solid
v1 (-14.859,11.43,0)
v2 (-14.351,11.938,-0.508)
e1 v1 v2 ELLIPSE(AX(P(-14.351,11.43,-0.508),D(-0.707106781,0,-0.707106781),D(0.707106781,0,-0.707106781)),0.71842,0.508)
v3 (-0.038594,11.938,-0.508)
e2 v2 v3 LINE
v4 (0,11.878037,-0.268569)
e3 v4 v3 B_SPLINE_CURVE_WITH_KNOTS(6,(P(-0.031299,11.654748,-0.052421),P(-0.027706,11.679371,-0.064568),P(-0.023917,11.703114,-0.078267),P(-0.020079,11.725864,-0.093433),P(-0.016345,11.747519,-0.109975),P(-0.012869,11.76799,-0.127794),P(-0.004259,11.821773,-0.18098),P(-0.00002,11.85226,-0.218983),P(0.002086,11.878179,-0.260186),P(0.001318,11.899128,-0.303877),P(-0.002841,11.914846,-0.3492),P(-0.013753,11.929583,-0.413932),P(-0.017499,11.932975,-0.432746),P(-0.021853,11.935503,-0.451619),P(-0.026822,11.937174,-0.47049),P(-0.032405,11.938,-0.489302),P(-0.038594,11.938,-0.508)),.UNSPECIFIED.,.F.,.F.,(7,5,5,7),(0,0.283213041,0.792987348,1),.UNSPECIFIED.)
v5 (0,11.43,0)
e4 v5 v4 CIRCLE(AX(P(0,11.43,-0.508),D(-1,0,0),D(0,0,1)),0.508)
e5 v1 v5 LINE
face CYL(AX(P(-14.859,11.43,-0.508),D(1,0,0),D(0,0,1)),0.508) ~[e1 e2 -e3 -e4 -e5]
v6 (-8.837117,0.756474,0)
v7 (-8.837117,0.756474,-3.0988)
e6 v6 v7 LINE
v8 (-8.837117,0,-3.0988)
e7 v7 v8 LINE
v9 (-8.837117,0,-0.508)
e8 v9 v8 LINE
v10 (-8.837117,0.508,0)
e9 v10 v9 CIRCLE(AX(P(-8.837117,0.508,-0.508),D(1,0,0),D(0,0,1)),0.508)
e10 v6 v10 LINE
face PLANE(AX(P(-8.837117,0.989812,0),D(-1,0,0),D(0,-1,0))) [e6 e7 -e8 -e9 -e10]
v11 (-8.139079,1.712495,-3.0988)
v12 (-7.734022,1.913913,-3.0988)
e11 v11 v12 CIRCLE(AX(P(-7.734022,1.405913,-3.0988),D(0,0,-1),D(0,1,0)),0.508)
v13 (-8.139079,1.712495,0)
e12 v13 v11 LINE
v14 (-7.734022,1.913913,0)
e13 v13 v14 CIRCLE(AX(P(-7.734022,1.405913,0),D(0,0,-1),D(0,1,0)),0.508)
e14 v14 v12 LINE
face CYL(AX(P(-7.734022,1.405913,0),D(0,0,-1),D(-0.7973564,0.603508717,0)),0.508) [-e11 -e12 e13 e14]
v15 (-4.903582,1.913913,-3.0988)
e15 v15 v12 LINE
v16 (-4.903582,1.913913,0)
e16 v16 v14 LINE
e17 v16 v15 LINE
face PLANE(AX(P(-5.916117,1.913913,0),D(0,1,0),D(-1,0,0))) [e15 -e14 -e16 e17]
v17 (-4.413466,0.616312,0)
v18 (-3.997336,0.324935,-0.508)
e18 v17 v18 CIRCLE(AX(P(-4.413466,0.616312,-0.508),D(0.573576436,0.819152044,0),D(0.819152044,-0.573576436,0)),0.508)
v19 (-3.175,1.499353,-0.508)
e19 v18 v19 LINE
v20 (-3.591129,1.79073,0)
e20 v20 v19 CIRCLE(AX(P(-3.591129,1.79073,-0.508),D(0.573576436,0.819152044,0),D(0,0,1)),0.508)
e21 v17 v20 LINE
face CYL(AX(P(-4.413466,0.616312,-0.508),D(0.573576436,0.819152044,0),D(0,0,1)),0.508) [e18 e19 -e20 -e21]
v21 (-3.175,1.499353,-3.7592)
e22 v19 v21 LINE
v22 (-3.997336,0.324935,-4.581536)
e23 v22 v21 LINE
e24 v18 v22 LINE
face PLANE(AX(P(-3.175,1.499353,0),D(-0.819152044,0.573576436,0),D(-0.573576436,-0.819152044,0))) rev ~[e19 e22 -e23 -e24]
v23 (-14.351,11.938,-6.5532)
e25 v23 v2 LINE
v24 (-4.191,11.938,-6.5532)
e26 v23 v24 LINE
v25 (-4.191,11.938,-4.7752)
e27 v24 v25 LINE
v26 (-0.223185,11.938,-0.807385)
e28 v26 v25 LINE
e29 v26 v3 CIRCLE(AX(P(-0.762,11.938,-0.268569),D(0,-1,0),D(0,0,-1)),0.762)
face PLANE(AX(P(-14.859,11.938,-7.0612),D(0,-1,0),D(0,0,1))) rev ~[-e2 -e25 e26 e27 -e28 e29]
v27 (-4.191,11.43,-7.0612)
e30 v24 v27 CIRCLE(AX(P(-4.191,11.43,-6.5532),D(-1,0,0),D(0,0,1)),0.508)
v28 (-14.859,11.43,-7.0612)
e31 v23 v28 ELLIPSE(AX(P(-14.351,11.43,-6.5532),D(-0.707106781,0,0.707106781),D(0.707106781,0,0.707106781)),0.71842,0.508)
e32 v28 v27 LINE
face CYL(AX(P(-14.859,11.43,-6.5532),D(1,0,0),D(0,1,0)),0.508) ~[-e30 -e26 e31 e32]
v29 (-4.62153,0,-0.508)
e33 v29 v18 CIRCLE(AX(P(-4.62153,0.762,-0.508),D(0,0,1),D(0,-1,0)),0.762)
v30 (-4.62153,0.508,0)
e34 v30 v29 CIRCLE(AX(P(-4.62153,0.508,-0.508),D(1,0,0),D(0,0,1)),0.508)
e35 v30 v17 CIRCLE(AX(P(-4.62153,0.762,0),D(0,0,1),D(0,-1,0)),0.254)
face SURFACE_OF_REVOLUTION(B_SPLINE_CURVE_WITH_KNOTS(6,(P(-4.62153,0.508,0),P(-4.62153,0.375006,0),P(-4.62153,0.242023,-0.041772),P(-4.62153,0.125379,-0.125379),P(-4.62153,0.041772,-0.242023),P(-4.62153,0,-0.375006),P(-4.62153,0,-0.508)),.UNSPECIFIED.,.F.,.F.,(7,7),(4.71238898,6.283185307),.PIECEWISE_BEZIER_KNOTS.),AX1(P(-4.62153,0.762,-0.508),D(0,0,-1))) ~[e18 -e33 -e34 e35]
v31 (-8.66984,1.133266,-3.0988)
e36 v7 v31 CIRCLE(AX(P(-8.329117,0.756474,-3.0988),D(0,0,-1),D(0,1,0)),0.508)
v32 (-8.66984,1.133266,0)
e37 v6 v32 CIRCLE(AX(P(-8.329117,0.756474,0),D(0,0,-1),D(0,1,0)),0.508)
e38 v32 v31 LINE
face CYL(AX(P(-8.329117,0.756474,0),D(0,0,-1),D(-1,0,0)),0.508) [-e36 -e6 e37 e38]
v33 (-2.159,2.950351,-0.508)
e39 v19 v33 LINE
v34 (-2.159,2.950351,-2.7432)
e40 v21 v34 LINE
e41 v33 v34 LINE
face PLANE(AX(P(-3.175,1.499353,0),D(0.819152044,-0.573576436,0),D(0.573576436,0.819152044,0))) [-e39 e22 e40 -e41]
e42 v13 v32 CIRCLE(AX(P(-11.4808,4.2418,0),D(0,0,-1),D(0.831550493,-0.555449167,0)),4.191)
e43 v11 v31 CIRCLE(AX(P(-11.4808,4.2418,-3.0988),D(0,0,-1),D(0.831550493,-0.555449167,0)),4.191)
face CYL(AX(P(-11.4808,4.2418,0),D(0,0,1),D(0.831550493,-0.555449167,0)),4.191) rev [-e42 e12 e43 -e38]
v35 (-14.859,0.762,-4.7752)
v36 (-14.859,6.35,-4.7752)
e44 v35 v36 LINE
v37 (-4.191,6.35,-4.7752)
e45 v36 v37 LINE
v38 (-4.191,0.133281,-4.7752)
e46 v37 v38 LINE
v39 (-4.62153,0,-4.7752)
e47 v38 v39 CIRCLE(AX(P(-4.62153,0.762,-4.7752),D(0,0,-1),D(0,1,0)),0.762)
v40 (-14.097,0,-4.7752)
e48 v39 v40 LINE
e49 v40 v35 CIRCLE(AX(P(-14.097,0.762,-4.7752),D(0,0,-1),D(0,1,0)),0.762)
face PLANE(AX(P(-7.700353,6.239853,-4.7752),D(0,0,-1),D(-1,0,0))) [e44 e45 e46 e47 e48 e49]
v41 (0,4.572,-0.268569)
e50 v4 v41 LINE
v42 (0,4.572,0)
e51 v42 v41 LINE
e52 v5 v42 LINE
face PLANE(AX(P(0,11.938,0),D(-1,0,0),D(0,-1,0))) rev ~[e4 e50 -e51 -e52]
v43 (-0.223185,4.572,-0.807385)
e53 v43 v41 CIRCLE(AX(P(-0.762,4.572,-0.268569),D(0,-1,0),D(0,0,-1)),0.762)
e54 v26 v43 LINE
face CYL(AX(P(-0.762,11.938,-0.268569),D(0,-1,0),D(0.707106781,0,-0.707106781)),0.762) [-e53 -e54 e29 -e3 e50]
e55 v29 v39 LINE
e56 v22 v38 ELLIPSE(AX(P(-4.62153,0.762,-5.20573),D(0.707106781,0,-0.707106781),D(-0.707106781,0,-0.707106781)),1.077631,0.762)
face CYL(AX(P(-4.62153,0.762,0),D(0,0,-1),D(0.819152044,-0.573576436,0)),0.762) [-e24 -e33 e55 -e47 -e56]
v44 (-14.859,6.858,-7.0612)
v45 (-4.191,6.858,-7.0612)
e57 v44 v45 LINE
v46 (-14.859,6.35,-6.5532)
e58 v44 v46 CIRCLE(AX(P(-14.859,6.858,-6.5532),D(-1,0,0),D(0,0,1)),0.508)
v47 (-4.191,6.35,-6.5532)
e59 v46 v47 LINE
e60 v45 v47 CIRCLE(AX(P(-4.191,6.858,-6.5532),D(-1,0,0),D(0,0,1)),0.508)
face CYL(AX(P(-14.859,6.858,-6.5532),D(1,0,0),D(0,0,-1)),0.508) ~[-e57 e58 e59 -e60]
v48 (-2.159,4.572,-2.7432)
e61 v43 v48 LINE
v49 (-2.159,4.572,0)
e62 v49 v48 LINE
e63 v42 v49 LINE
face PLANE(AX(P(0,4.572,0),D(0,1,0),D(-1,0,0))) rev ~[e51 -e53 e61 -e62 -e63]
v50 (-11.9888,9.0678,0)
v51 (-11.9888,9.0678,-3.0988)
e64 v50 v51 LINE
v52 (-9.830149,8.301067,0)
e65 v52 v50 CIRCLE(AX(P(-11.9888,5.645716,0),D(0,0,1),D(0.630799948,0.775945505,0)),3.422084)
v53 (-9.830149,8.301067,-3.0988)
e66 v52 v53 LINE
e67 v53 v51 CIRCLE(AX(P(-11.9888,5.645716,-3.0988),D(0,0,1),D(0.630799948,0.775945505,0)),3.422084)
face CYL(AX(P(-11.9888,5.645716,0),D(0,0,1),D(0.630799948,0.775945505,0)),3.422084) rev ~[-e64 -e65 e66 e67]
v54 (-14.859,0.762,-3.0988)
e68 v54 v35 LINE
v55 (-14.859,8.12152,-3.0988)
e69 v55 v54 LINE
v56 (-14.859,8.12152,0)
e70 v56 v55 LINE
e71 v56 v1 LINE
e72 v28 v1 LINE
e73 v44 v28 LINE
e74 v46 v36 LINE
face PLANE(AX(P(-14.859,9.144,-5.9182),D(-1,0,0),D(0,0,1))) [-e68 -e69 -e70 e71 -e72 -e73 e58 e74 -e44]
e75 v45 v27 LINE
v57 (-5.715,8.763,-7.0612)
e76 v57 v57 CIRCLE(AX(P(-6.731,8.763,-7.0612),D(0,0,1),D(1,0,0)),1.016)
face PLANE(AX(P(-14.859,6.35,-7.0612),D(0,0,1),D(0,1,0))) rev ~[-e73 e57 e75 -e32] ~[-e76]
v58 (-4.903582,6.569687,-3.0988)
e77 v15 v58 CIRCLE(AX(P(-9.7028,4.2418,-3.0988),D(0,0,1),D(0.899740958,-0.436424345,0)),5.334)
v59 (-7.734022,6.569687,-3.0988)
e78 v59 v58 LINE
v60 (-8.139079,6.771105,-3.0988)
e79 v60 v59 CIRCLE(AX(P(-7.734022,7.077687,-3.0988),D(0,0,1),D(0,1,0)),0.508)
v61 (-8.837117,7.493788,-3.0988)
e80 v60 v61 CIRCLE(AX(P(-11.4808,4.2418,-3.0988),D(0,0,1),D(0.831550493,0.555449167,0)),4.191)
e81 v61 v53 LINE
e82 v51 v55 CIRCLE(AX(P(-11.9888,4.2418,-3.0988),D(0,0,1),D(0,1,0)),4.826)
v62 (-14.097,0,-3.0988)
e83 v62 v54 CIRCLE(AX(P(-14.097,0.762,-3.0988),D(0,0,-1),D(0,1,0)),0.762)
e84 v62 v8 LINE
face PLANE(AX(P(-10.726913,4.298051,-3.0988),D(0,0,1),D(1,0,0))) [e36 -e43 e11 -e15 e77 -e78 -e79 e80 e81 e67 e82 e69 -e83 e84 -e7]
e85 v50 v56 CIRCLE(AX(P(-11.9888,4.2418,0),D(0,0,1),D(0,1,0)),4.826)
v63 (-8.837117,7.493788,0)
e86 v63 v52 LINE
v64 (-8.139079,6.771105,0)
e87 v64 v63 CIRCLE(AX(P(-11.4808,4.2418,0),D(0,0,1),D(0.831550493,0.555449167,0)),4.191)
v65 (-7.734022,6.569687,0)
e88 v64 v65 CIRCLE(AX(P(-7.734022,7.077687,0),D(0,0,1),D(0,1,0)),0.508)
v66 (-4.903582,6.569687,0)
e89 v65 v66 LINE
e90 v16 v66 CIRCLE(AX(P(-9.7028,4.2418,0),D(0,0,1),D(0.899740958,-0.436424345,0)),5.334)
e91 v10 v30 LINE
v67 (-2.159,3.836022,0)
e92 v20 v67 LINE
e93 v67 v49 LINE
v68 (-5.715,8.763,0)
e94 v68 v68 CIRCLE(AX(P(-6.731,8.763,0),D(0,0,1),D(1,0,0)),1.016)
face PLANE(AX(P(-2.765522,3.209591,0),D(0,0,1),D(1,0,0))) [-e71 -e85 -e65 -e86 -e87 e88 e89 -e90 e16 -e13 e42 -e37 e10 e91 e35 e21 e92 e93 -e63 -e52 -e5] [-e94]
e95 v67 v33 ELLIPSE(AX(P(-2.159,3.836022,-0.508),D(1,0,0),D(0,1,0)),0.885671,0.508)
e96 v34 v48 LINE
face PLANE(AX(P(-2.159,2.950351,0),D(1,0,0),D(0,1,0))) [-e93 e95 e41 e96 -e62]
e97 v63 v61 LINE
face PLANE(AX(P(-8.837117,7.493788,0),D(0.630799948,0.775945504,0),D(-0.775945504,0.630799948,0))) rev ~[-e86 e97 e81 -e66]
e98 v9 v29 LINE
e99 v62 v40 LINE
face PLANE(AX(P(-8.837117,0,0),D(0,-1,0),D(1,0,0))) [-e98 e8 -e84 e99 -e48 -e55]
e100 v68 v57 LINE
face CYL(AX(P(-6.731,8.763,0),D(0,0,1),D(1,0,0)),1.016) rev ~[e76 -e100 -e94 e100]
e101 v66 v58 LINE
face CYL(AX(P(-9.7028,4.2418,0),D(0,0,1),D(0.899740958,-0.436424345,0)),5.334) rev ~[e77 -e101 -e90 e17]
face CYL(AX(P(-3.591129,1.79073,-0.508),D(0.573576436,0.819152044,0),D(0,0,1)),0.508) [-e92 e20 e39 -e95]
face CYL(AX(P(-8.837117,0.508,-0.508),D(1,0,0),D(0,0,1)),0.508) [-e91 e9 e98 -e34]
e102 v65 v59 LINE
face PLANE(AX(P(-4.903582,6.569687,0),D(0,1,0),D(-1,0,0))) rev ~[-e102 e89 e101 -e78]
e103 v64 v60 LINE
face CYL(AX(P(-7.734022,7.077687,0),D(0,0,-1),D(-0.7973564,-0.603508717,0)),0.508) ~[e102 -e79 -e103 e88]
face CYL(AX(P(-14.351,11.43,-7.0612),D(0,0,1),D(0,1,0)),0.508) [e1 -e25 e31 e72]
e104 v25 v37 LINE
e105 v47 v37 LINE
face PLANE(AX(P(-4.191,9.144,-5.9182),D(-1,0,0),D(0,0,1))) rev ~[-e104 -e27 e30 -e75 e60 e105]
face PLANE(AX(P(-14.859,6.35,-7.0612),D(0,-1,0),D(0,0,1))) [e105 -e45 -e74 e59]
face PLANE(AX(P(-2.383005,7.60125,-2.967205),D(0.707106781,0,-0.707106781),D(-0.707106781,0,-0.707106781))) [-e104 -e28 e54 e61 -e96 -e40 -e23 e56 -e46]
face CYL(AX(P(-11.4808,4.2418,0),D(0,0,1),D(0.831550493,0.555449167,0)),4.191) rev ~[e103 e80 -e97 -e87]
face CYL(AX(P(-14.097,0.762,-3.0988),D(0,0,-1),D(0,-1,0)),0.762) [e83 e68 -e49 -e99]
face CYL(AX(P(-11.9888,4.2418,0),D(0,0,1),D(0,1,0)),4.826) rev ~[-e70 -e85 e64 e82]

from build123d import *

# Parameters (mm, degrees)
EXTRUDE1_DEPTH  = 4.7752
EXTRUDE2_DEPTH  = 12.938
SKETCH33_W      = 2.286
SKETCH33_H      = 5.588
EXTRUDE30_DEPTH = 10.668
EXTRUDE3_DEPTH  = 3.0988
EXTRUDE6_DEPTH  = 3.0988
EXTRUDE7_DEPTH  = 3.0988
SKETCH23_W      = 3.0988
SKETCH23_H      = 1.133450424
EXTRUDE20_DEPTH = 2.54
EXTRUDE16_DEPTH = 3.0988
FILLET1_R       = 0.762
EXTRUDE21_DEPTH = 3.0988
FILLET2_R       = 0.762
EXTRUDE28_DEPTH = 8.0612
EXTRUDE29_REACH = 9.061
FILLET3_R       = 0.762
FILLET4_R       = 0.508
FILLET5_R       = 0.508
FILLET6_R       = 0.508
SKETCH35_R      = 1.016
EXTRUDE32_DEPTH = 8.0612


with BuildPart() as part:
    # Sketch1 → Extrude1 (new body)
    with BuildSketch(Plane.XY):
        Polygon((-14.859, 11.938), (0, 11.938), (0, 4.572), (-3.175, 4.572), (-3.175, 0), (-14.859, 0), align=None)
    extrude(amount=-EXTRUDE1_DEPTH)

    # Sketch2 → Extrude2 (cut, through all)
    with BuildSketch(Plane(origin=(0, 11.938, 0), x_dir=(1, 0, 0), z_dir=(0, 1, 0))):
        Polygon((0, 0.5842), (-4.191, 4.7752), (0, 4.7752), align=None)
    extrude(amount=-EXTRUDE2_DEPTH, mode=Mode.SUBTRACT)

    # Sketch33 → Extrude30 (add)
    with BuildSketch(Plane.ZY.offset(14.859)):
        with Locations((-5.9182, 9.144)):
            Rectangle(SKETCH33_W, SKETCH33_H)
    extrude(amount=-EXTRUDE30_DEPTH)

    # Sketch5 → Extrude3 (cut)
    with BuildSketch(Plane.XY):
        with BuildLine():
            Line((-14.859, 8.121520088), (-14.859, 0))
            Line((-14.859, 0), (-8.374207602, 0))
            ThreePointArc((-8.374207602, 0), (-5.258197931, 4.182323512), (-8.261178378, 8.44652973))
            ThreePointArc((-8.261178378, 8.44652973), (-10.099280239, 8.911418564), (-11.9888, 9.0678))
            ThreePointArc((-11.9888, 9.0678), (-13.499883528, 8.825128765), (-14.859, 8.121520088))
        make_face()
    extrude(amount=-EXTRUDE3_DEPTH, mode=Mode.SUBTRACT)

    # Sketch8 → Extrude6 (add)
    with BuildSketch(Plane.XY):
        with BuildLine():
            Line((-5.916117419, 6.569687461), (-7.995771884, 6.569687461))
            ThreePointArc((-7.995771884, 6.569687461), (-8.381805974, 7.063274265), (-8.837117419, 7.493787609))
            Line((-8.837117419, 7.493787609), (-8.837117419, 8.601687461))
            ThreePointArc((-8.837117419, 8.601687461), (-7.16441835, 7.890723622), (-5.916117419, 6.569687461))
        make_face()
    extrude(amount=-EXTRUDE6_DEPTH)

    # Sketch9 → Extrude7 (add)
    with BuildSketch(Plane.XY):
        with BuildLine():
            Line((-5.916117419, 1.913912539), (-7.995771884, 1.913912539))
            ThreePointArc((-7.995771884, 1.913912539), (-8.381805974, 1.420325735), (-8.837117419, 0.989812391))
            Line((-8.837117419, 0.989812391), (-8.837117419, 0))
            Line((-8.837117419, 0), (-8.374207602, 0))
            ThreePointArc((-8.374207602, 0), (-6.971998867, 0.734557469), (-5.916117419, 1.913912539))
        make_face()
    extrude(amount=-EXTRUDE7_DEPTH)

    # Sketch23 → Extrude20 (add)
    with BuildSketch(Plane.ZY.offset(8.837117419)):
        with Locations((-1.5494, 8.060512821)):
            Rectangle(SKETCH23_W, SKETCH23_H)
    extrude(amount=-EXTRUDE20_DEPTH)

    # Sketch18 → Extrude16 (cut)
    with BuildSketch(Plane.XY):
        with BuildLine():
            Line((-4.903581733, 6.569687461), (-5.916117419, 6.569687461))
            ThreePointArc((-5.916117419, 6.569687461), (-5.2578, 4.2418), (-5.916117419, 1.913912539))
            Line((-5.916117419, 1.913912539), (-4.903581733, 1.913912539))
            ThreePointArc((-4.903581733, 1.913912539), (-4.3688, 4.2418), (-4.903581733, 6.569687461))
        make_face()
    extrude(amount=-EXTRUDE16_DEPTH, mode=Mode.SUBTRACT)

    # Fillet1
    fillet1_edges = [part.edges().sort_by_distance(p)[0] for p in [
        (0, 8.255, -0.5842),
    ]]
    fillet(fillet1_edges, radius=FILLET1_R)

    # Sketch24 → Extrude21 (add)
    with BuildSketch(Plane.XY):
        with BuildLine():
            Line((-8.837117419, 7.493787609), (-9.830149409, 8.301066631))
            ThreePointArc((-9.830149409, 8.301066631), (-10.843412246, 8.870424655), (-11.9888, 9.0678))
            Line((-11.9888, 9.0678), (-8.837117419, 9.0678))
            Line((-8.837117419, 9.0678), (-8.837117419, 7.493787609))
        make_face()
    extrude(amount=-EXTRUDE21_DEPTH)

    # Fillet2
    fillet2_edges = [part.edges().sort_by_distance(p)[0] for p in [
        (-14.859, 0, -3.937),
    ]]
    fillet(fillet2_edges, radius=FILLET2_R)

    # Sketch31 → Extrude28 (cut, through all)
    with BuildSketch(Plane.XY):
        Polygon((-3.175, 1.499352844), (-4.224858164, 0), (-3.175, 0), align=None)
    extrude(amount=-EXTRUDE28_DEPTH, mode=Mode.SUBTRACT)

    # Extrude29: up to this face of the body (flat: up to its plane)
    extrude29_end = Plane(part.part.faces().sort_by_distance((-2.383005057, 7.601249614, -2.967205057))[0])
    # Sketch32 → Extrude29 (add, up to the picked face)
    with BuildSketch(Plane.XY, mode=Mode.PRIVATE) as extrude29_sk1:
        Polygon((-3.175, 1.499352844), (-2.159, 2.950351219), (-2.159, 4.572), (-3.175, 4.572), align=None)
    extrude29_tool1 = split(extrude(extrude29_sk1.sketch, amount=-EXTRUDE29_REACH, mode=Mode.PRIVATE), bisect_by=extrude29_end, keep=Keep.BOTH, mode=Mode.PRIVATE)
    add(extrude29_tool1.solids().sort_by_distance((-2.719341, 3.361051, 0))[0])

    # Fillet3
    fillet3_edges = [part.edges().sort_by_distance(p)[0] for p in [
        (-4.224858164, 0, -2.3876),
    ]]
    fillet(fillet3_edges, radius=FILLET3_R)

    # Fillet4
    fillet4_edges = [part.edges().sort_by_distance(p)[0] for p in [
        (-3.078168199, 1.637642987, 0),
        (-4.269677813, 0.086097745, 0),
        (-6.729323838, 0, 0),
    ]]
    fillet(fillet4_edges, radius=FILLET4_R)

    # Fillet5
    fillet5_edges = [part.edges().sort_by_distance(p)[0] for p in [
        (-9.525, 11.938, -7.0612),
        (-9.525, 6.35, -7.0612),
        (-7.4295, 11.938, 0),
        (-14.859, 11.938, -3.5306),
    ]]
    fillet(fillet5_edges, radius=FILLET5_R)

    # Fillet6
    fillet6_edges = [part.edges().sort_by_distance(p)[0] for p in [
        (-7.995771884, 6.569687461, -1.5494),
        (-8.837117419, 0.989812391, -1.5494),
        (-7.995771884, 1.913912539, -1.5494),
    ]]
    fillet(fillet6_edges, radius=FILLET6_R)

    # Sketch35 → Extrude32 (cut, through all)
    with BuildSketch(Plane.XY):
        with Locations((-6.731, 8.763)):
            Circle(SKETCH35_R)
    extrude(amount=-EXTRUDE32_DEPTH, mode=Mode.SUBTRACT)


solid = part.part
